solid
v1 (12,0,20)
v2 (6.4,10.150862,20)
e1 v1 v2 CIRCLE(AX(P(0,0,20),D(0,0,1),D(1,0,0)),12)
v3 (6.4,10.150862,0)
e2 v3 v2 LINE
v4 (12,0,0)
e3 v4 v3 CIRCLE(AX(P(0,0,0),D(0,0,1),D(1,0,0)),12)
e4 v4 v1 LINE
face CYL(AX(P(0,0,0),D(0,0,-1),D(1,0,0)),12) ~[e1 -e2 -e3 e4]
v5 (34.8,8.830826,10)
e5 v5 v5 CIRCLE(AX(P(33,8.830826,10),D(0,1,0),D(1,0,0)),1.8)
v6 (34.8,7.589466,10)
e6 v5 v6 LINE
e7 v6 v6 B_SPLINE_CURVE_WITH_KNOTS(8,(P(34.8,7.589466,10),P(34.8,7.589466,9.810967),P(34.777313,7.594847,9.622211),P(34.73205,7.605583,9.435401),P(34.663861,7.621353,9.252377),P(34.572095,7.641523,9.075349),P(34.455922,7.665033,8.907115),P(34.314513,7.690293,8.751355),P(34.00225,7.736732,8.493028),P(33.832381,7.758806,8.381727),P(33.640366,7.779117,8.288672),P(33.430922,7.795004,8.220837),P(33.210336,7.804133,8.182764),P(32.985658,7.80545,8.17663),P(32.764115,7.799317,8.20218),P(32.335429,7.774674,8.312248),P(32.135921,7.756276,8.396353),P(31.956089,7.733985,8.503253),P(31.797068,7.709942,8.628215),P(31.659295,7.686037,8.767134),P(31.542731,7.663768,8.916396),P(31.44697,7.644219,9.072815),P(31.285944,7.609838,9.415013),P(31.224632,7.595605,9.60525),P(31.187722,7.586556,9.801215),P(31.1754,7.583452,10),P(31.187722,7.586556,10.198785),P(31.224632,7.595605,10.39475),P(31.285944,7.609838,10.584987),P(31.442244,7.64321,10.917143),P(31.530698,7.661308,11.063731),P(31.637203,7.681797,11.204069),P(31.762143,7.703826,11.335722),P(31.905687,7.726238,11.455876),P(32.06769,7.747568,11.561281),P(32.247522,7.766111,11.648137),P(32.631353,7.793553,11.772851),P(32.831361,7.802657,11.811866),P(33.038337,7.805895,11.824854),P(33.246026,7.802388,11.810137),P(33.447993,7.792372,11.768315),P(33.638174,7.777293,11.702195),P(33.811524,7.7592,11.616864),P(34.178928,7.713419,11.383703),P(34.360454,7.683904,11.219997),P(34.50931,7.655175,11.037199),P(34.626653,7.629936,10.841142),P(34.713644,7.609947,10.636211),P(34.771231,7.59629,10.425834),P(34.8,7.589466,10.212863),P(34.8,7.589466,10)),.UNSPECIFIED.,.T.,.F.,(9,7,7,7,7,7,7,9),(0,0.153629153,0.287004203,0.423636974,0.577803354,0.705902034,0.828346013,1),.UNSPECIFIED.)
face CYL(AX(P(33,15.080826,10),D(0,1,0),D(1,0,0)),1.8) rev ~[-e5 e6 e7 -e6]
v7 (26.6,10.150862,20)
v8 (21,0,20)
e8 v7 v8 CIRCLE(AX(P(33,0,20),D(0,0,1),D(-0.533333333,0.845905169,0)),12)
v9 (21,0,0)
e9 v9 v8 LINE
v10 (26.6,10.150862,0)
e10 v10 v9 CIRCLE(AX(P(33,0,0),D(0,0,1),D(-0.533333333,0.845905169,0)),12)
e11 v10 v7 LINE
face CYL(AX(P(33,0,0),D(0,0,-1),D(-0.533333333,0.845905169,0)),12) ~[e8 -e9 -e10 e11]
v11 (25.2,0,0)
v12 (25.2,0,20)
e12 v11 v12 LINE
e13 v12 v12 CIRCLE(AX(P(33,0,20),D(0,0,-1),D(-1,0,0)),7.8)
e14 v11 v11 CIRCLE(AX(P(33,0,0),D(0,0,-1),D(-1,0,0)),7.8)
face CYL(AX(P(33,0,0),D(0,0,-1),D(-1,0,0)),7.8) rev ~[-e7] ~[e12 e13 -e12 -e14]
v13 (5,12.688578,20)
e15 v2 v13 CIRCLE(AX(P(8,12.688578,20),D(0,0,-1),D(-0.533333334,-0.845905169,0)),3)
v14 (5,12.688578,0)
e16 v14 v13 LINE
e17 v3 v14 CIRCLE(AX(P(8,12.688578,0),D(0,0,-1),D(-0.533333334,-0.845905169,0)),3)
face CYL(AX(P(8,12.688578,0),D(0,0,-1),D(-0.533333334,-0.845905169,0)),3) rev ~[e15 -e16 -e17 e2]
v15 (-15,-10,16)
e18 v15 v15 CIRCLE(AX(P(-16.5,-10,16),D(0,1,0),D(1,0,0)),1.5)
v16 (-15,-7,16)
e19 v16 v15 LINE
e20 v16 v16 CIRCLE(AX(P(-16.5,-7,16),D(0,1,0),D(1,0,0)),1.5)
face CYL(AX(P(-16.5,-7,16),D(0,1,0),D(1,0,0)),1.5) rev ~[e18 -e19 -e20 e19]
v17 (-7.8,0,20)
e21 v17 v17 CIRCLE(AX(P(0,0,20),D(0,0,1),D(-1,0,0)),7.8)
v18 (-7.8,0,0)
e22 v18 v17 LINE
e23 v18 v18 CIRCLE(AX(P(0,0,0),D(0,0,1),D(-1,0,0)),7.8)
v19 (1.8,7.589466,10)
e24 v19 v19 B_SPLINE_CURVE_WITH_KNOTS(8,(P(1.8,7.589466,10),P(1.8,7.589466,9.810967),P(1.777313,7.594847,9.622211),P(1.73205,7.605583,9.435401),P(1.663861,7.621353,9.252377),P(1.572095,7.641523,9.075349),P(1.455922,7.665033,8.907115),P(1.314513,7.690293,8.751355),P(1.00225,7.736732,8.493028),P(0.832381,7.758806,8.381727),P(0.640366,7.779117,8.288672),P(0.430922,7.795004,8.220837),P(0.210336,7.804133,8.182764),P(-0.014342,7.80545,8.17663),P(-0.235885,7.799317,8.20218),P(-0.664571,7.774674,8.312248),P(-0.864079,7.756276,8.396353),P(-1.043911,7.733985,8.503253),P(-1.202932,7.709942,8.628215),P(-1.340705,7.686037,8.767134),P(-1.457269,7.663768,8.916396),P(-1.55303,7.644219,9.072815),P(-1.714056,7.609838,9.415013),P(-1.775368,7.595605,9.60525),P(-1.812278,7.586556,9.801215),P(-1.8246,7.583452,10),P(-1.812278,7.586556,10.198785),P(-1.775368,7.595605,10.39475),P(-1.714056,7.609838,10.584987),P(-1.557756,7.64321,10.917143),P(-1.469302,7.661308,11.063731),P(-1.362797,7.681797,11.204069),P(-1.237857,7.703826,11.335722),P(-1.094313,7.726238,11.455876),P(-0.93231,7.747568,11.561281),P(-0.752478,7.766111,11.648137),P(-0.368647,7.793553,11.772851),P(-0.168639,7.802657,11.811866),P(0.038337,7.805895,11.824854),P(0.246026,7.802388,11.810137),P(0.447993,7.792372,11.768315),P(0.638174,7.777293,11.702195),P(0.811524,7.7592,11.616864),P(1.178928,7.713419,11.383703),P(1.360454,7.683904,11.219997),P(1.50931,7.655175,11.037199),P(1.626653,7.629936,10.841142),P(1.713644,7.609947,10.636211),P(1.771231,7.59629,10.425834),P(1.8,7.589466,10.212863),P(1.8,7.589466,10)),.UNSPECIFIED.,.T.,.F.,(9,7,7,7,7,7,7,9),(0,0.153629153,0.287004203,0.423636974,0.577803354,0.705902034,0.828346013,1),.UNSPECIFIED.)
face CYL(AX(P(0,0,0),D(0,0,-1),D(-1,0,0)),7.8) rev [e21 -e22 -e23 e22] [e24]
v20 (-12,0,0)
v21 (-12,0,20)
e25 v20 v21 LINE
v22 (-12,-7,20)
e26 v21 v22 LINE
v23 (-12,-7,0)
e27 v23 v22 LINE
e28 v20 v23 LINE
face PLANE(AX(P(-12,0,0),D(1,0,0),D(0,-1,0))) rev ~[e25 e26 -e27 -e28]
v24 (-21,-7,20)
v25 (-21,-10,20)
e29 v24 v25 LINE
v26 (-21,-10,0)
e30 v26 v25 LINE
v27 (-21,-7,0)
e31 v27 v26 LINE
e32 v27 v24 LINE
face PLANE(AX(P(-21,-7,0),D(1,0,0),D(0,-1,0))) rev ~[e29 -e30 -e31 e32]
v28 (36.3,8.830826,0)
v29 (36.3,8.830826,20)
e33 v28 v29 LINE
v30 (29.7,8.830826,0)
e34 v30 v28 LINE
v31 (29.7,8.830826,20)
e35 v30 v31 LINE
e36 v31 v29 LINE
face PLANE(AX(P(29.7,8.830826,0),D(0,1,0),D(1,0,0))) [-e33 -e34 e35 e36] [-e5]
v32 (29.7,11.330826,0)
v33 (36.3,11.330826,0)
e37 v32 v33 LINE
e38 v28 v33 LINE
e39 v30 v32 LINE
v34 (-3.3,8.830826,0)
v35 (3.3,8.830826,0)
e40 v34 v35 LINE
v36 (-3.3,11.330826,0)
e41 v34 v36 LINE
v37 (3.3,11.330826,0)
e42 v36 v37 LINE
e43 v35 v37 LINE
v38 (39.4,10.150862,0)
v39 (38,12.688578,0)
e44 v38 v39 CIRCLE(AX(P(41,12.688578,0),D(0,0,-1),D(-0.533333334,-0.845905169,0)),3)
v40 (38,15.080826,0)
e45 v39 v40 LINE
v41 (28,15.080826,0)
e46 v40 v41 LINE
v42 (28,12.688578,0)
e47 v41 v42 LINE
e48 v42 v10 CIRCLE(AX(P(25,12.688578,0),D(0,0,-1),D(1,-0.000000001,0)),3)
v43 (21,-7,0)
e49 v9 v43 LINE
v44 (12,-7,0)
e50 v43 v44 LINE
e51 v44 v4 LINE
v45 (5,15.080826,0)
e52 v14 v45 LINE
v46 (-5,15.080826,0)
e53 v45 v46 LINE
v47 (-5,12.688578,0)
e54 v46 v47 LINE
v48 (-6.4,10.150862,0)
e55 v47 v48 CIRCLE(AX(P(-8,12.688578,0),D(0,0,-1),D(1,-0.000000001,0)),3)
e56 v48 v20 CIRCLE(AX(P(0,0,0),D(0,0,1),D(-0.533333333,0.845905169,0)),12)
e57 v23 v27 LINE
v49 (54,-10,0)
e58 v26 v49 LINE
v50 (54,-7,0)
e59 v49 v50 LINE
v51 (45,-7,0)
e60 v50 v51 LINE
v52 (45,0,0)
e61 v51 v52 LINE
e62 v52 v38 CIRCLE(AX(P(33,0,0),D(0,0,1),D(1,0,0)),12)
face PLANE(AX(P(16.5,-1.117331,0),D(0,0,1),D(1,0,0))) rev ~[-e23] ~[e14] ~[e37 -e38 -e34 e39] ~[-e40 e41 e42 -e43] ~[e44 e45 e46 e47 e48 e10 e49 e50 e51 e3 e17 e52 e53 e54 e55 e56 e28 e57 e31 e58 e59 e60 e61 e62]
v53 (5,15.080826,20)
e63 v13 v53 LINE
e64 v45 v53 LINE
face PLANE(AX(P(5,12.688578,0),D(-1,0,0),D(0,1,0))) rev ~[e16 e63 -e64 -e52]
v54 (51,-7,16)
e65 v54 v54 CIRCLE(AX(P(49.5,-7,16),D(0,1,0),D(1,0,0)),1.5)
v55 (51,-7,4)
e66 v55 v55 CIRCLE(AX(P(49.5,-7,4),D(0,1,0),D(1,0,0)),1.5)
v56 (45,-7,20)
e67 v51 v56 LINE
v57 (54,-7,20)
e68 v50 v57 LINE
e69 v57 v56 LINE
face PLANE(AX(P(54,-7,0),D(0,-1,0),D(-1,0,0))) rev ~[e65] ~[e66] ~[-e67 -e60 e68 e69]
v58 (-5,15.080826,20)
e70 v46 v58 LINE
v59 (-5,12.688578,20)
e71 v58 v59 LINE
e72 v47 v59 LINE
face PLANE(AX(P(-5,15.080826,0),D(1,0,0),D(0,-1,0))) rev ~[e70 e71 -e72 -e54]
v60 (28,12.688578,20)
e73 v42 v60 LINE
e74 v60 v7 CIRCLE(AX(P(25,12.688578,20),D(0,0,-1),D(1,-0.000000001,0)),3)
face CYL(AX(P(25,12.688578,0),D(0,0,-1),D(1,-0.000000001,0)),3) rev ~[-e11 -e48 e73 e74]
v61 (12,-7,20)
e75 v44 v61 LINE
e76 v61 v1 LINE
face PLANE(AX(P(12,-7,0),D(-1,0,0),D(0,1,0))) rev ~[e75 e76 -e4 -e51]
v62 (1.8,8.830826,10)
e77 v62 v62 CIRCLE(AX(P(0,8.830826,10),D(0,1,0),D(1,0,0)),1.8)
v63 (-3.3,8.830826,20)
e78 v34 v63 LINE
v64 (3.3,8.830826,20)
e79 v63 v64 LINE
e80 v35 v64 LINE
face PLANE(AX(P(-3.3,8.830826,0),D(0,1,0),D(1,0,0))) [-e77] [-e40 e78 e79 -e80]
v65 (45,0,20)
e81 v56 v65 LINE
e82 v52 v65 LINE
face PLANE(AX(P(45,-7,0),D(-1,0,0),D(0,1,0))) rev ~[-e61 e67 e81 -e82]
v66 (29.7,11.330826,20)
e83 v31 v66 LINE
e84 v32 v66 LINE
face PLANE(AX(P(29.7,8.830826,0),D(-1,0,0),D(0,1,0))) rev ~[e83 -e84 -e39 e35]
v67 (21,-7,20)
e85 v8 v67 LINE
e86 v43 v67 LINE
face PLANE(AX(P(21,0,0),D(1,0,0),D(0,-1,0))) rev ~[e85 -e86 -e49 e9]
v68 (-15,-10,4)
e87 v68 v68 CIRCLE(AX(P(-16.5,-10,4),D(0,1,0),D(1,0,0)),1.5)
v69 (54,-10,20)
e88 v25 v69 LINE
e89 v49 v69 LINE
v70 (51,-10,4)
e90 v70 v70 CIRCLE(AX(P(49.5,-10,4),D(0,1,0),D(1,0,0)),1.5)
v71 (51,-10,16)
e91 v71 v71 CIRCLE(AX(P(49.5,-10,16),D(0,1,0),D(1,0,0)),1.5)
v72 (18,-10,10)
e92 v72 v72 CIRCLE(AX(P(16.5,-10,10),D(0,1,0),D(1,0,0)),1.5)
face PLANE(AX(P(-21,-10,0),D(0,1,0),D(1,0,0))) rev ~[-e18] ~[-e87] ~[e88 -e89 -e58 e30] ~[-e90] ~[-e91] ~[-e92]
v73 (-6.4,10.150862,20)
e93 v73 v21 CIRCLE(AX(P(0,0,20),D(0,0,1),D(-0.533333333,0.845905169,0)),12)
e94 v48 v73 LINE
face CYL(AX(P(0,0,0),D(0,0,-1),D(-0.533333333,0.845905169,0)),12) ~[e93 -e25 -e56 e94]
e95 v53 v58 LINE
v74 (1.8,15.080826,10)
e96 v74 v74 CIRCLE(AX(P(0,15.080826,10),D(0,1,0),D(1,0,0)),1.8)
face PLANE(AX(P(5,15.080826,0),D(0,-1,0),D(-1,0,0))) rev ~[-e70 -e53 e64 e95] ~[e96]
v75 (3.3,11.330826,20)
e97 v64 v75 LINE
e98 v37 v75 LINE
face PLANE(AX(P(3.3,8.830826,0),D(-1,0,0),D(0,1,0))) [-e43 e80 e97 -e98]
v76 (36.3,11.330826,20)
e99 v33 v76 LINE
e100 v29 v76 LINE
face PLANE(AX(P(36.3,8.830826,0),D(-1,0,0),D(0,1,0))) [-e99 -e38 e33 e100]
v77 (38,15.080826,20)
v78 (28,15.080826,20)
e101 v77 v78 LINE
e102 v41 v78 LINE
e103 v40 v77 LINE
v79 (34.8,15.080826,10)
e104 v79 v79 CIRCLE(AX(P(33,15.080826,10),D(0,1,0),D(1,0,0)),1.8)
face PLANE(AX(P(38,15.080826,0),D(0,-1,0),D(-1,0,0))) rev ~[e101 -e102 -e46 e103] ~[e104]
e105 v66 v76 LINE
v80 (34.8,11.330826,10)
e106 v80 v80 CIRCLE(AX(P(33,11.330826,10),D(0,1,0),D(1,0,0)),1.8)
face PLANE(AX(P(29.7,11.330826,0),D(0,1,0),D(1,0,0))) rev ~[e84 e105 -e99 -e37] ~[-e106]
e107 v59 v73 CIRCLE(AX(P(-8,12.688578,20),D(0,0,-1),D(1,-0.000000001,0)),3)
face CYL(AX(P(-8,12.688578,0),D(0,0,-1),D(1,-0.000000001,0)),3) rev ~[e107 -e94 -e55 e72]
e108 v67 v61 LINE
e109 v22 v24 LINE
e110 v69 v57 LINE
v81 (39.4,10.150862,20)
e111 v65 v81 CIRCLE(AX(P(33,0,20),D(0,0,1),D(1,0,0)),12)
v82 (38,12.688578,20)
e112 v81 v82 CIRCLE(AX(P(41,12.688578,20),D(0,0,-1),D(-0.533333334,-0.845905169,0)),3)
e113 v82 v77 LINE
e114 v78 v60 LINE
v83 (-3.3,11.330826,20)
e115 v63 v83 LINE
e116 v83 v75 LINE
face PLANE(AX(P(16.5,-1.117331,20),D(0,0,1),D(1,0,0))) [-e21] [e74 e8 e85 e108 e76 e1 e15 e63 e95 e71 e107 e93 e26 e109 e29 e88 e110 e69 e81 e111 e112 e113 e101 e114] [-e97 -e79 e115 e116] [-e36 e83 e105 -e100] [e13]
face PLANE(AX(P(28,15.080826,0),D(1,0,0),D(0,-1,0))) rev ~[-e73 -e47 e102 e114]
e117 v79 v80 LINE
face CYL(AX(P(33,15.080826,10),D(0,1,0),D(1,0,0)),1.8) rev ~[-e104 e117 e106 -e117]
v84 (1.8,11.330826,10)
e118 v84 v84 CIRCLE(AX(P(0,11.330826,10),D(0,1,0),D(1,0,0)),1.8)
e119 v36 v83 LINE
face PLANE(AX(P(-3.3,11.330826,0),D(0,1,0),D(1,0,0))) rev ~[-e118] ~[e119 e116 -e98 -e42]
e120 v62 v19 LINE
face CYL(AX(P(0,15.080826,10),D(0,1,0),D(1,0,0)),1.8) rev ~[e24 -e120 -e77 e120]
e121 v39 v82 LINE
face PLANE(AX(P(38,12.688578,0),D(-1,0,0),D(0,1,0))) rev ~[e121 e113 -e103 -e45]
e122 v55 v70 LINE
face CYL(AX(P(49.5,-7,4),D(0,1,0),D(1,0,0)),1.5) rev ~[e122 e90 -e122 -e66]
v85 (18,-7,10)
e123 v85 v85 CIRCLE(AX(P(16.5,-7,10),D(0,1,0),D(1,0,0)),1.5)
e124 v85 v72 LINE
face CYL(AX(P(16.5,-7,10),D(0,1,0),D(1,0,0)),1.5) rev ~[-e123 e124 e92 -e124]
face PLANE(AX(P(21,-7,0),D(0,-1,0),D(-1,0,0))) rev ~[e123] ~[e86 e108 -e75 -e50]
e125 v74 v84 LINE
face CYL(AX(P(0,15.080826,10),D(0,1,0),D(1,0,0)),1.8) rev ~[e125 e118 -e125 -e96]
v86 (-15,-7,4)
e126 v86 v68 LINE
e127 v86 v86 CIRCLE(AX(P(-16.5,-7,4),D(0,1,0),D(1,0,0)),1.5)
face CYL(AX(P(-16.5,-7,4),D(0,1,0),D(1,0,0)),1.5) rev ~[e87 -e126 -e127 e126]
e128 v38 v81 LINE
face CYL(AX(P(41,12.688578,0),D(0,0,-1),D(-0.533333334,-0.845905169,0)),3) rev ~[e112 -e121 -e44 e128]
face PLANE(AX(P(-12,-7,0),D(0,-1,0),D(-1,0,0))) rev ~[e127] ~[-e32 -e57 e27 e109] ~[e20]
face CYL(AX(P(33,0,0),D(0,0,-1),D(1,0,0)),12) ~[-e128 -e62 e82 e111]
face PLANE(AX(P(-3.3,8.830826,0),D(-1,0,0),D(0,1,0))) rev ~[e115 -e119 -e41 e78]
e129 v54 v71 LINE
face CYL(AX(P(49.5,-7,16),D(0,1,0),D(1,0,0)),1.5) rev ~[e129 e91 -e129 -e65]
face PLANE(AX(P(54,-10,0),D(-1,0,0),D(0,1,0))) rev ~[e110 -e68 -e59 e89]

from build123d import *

# Parameters (mm, degrees)
ESBO_O1_W                = 6.6
ESBO_O1_H                = 2.5
RESSALTO_EXTRUS_O1_DEPTH = 20
ESBO_O2_R                = 1.5
CORTE_EXTRUS_O1_DEPTH    = 26
ESBO_O4_R                = 1.8
CORTE_EXTRUS_O2_DEPTH    = 16


with BuildPart() as part:
    # Esboço1 → Ressalto-extrusão1 (new body)
    with BuildSketch(Plane.XY):
        with BuildLine():
            Line((-12, 0), (-12, -7))
            Line((-12, -7), (-21, -7))
            Line((-21, -7), (-21, -10))
            Line((-21, -10), (54, -10))
            Line((54, -10), (54, -7))
            Line((54, -7), (45, -7))
            Line((45, -7), (45, 0))
            ThreePointArc((45, 0), (43.507140429, 5.796550698), (39.4, 10.150862032))
            ThreePointArc((39.4, 10.150862032), (38.373214893, 11.239439866), (38, 12.68857754))
            Line((38, 12.68857754), (38, 15.080826084))
            Line((38, 15.080826084), (28, 15.080826084))
            Line((28, 15.080826084), (28, 12.68857754))
            ThreePointArc((28, 12.68857754), (27.626785107, 11.239439866), (26.6, 10.150862032))
            ThreePointArc((26.6, 10.150862032), (22.492859571, 5.796550698), (21, 0))
            Line((21, 0), (21, -7))
            Line((21, -7), (12, -7))
            Line((12, -7), (12, 0))
            ThreePointArc((12, 0), (10.507140429, 5.796550698), (6.4, 10.150862032))
            ThreePointArc((6.4, 10.150862032), (5.373214893, 11.239439866), (5, 12.68857754))
            Line((5, 12.68857754), (5, 15.080826084))
            Line((5, 15.080826084), (-5, 15.080826084))
            Line((-5, 15.080826084), (-5, 12.68857754))
            ThreePointArc((-5, 12.68857754), (-5.373214893, 11.239439866), (-6.4, 10.150862032))
            ThreePointArc((-6.4, 10.150862032), (-10.507140429, 5.796550698), (-12, 0))
        make_face()
        with Locations((0, 10.080826084)):
            Rectangle(ESBO_O1_W, ESBO_O1_H, mode=Mode.SUBTRACT)
        with Locations((33, 10.080826084)):
            Rectangle(ESBO_O1_W, ESBO_O1_H, mode=Mode.SUBTRACT)
        with BuildLine():
            ThreePointArc((7.8, 0), (0, 7.8), (-7.8, 0))
            ThreePointArc((-7.8, 0), (0, -7.8), (7.8, 0))
        make_face(mode=Mode.SUBTRACT)
        with BuildLine():
            ThreePointArc((40.8, 0), (33, -7.8), (25.2, 0))
            ThreePointArc((25.2, 0), (33, 7.8), (40.8, 0))
        make_face(mode=Mode.SUBTRACT)
    extrude(amount=RESSALTO_EXTRUS_O1_DEPTH)

    # Esboço2 → Corte-extrusão1 (cut)
    with BuildSketch(Plane(origin=(0, -7, 0), x_dir=(1, 0, 0), z_dir=(0, 1, 0))):
        with Locations((-16.5, -4)):
            Circle(ESBO_O2_R)
        with Locations((-16.5, -16)):
            Circle(ESBO_O2_R)
        with Locations((49.5, -16)):
            Circle(ESBO_O2_R)
        with Locations((49.5, -4)):
            Circle(ESBO_O2_R)
        with Locations((16.5, -10)):
            Circle(ESBO_O2_R)
    extrude(amount=-CORTE_EXTRUS_O1_DEPTH, mode=Mode.SUBTRACT)

    # Esboço4 → Corte-extrusão2 (cut)
    with BuildSketch(Plane(origin=(0, 15.080826084, 0), x_dir=(1, 0, 0), z_dir=(0, 1, 0))):
        with Locations((0, -10)):
            Circle(ESBO_O4_R)
        with Locations((33, -10)):
            Circle(ESBO_O4_R)
    extrude(amount=-CORTE_EXTRUS_O2_DEPTH, mode=Mode.SUBTRACT)


solid = part.part
